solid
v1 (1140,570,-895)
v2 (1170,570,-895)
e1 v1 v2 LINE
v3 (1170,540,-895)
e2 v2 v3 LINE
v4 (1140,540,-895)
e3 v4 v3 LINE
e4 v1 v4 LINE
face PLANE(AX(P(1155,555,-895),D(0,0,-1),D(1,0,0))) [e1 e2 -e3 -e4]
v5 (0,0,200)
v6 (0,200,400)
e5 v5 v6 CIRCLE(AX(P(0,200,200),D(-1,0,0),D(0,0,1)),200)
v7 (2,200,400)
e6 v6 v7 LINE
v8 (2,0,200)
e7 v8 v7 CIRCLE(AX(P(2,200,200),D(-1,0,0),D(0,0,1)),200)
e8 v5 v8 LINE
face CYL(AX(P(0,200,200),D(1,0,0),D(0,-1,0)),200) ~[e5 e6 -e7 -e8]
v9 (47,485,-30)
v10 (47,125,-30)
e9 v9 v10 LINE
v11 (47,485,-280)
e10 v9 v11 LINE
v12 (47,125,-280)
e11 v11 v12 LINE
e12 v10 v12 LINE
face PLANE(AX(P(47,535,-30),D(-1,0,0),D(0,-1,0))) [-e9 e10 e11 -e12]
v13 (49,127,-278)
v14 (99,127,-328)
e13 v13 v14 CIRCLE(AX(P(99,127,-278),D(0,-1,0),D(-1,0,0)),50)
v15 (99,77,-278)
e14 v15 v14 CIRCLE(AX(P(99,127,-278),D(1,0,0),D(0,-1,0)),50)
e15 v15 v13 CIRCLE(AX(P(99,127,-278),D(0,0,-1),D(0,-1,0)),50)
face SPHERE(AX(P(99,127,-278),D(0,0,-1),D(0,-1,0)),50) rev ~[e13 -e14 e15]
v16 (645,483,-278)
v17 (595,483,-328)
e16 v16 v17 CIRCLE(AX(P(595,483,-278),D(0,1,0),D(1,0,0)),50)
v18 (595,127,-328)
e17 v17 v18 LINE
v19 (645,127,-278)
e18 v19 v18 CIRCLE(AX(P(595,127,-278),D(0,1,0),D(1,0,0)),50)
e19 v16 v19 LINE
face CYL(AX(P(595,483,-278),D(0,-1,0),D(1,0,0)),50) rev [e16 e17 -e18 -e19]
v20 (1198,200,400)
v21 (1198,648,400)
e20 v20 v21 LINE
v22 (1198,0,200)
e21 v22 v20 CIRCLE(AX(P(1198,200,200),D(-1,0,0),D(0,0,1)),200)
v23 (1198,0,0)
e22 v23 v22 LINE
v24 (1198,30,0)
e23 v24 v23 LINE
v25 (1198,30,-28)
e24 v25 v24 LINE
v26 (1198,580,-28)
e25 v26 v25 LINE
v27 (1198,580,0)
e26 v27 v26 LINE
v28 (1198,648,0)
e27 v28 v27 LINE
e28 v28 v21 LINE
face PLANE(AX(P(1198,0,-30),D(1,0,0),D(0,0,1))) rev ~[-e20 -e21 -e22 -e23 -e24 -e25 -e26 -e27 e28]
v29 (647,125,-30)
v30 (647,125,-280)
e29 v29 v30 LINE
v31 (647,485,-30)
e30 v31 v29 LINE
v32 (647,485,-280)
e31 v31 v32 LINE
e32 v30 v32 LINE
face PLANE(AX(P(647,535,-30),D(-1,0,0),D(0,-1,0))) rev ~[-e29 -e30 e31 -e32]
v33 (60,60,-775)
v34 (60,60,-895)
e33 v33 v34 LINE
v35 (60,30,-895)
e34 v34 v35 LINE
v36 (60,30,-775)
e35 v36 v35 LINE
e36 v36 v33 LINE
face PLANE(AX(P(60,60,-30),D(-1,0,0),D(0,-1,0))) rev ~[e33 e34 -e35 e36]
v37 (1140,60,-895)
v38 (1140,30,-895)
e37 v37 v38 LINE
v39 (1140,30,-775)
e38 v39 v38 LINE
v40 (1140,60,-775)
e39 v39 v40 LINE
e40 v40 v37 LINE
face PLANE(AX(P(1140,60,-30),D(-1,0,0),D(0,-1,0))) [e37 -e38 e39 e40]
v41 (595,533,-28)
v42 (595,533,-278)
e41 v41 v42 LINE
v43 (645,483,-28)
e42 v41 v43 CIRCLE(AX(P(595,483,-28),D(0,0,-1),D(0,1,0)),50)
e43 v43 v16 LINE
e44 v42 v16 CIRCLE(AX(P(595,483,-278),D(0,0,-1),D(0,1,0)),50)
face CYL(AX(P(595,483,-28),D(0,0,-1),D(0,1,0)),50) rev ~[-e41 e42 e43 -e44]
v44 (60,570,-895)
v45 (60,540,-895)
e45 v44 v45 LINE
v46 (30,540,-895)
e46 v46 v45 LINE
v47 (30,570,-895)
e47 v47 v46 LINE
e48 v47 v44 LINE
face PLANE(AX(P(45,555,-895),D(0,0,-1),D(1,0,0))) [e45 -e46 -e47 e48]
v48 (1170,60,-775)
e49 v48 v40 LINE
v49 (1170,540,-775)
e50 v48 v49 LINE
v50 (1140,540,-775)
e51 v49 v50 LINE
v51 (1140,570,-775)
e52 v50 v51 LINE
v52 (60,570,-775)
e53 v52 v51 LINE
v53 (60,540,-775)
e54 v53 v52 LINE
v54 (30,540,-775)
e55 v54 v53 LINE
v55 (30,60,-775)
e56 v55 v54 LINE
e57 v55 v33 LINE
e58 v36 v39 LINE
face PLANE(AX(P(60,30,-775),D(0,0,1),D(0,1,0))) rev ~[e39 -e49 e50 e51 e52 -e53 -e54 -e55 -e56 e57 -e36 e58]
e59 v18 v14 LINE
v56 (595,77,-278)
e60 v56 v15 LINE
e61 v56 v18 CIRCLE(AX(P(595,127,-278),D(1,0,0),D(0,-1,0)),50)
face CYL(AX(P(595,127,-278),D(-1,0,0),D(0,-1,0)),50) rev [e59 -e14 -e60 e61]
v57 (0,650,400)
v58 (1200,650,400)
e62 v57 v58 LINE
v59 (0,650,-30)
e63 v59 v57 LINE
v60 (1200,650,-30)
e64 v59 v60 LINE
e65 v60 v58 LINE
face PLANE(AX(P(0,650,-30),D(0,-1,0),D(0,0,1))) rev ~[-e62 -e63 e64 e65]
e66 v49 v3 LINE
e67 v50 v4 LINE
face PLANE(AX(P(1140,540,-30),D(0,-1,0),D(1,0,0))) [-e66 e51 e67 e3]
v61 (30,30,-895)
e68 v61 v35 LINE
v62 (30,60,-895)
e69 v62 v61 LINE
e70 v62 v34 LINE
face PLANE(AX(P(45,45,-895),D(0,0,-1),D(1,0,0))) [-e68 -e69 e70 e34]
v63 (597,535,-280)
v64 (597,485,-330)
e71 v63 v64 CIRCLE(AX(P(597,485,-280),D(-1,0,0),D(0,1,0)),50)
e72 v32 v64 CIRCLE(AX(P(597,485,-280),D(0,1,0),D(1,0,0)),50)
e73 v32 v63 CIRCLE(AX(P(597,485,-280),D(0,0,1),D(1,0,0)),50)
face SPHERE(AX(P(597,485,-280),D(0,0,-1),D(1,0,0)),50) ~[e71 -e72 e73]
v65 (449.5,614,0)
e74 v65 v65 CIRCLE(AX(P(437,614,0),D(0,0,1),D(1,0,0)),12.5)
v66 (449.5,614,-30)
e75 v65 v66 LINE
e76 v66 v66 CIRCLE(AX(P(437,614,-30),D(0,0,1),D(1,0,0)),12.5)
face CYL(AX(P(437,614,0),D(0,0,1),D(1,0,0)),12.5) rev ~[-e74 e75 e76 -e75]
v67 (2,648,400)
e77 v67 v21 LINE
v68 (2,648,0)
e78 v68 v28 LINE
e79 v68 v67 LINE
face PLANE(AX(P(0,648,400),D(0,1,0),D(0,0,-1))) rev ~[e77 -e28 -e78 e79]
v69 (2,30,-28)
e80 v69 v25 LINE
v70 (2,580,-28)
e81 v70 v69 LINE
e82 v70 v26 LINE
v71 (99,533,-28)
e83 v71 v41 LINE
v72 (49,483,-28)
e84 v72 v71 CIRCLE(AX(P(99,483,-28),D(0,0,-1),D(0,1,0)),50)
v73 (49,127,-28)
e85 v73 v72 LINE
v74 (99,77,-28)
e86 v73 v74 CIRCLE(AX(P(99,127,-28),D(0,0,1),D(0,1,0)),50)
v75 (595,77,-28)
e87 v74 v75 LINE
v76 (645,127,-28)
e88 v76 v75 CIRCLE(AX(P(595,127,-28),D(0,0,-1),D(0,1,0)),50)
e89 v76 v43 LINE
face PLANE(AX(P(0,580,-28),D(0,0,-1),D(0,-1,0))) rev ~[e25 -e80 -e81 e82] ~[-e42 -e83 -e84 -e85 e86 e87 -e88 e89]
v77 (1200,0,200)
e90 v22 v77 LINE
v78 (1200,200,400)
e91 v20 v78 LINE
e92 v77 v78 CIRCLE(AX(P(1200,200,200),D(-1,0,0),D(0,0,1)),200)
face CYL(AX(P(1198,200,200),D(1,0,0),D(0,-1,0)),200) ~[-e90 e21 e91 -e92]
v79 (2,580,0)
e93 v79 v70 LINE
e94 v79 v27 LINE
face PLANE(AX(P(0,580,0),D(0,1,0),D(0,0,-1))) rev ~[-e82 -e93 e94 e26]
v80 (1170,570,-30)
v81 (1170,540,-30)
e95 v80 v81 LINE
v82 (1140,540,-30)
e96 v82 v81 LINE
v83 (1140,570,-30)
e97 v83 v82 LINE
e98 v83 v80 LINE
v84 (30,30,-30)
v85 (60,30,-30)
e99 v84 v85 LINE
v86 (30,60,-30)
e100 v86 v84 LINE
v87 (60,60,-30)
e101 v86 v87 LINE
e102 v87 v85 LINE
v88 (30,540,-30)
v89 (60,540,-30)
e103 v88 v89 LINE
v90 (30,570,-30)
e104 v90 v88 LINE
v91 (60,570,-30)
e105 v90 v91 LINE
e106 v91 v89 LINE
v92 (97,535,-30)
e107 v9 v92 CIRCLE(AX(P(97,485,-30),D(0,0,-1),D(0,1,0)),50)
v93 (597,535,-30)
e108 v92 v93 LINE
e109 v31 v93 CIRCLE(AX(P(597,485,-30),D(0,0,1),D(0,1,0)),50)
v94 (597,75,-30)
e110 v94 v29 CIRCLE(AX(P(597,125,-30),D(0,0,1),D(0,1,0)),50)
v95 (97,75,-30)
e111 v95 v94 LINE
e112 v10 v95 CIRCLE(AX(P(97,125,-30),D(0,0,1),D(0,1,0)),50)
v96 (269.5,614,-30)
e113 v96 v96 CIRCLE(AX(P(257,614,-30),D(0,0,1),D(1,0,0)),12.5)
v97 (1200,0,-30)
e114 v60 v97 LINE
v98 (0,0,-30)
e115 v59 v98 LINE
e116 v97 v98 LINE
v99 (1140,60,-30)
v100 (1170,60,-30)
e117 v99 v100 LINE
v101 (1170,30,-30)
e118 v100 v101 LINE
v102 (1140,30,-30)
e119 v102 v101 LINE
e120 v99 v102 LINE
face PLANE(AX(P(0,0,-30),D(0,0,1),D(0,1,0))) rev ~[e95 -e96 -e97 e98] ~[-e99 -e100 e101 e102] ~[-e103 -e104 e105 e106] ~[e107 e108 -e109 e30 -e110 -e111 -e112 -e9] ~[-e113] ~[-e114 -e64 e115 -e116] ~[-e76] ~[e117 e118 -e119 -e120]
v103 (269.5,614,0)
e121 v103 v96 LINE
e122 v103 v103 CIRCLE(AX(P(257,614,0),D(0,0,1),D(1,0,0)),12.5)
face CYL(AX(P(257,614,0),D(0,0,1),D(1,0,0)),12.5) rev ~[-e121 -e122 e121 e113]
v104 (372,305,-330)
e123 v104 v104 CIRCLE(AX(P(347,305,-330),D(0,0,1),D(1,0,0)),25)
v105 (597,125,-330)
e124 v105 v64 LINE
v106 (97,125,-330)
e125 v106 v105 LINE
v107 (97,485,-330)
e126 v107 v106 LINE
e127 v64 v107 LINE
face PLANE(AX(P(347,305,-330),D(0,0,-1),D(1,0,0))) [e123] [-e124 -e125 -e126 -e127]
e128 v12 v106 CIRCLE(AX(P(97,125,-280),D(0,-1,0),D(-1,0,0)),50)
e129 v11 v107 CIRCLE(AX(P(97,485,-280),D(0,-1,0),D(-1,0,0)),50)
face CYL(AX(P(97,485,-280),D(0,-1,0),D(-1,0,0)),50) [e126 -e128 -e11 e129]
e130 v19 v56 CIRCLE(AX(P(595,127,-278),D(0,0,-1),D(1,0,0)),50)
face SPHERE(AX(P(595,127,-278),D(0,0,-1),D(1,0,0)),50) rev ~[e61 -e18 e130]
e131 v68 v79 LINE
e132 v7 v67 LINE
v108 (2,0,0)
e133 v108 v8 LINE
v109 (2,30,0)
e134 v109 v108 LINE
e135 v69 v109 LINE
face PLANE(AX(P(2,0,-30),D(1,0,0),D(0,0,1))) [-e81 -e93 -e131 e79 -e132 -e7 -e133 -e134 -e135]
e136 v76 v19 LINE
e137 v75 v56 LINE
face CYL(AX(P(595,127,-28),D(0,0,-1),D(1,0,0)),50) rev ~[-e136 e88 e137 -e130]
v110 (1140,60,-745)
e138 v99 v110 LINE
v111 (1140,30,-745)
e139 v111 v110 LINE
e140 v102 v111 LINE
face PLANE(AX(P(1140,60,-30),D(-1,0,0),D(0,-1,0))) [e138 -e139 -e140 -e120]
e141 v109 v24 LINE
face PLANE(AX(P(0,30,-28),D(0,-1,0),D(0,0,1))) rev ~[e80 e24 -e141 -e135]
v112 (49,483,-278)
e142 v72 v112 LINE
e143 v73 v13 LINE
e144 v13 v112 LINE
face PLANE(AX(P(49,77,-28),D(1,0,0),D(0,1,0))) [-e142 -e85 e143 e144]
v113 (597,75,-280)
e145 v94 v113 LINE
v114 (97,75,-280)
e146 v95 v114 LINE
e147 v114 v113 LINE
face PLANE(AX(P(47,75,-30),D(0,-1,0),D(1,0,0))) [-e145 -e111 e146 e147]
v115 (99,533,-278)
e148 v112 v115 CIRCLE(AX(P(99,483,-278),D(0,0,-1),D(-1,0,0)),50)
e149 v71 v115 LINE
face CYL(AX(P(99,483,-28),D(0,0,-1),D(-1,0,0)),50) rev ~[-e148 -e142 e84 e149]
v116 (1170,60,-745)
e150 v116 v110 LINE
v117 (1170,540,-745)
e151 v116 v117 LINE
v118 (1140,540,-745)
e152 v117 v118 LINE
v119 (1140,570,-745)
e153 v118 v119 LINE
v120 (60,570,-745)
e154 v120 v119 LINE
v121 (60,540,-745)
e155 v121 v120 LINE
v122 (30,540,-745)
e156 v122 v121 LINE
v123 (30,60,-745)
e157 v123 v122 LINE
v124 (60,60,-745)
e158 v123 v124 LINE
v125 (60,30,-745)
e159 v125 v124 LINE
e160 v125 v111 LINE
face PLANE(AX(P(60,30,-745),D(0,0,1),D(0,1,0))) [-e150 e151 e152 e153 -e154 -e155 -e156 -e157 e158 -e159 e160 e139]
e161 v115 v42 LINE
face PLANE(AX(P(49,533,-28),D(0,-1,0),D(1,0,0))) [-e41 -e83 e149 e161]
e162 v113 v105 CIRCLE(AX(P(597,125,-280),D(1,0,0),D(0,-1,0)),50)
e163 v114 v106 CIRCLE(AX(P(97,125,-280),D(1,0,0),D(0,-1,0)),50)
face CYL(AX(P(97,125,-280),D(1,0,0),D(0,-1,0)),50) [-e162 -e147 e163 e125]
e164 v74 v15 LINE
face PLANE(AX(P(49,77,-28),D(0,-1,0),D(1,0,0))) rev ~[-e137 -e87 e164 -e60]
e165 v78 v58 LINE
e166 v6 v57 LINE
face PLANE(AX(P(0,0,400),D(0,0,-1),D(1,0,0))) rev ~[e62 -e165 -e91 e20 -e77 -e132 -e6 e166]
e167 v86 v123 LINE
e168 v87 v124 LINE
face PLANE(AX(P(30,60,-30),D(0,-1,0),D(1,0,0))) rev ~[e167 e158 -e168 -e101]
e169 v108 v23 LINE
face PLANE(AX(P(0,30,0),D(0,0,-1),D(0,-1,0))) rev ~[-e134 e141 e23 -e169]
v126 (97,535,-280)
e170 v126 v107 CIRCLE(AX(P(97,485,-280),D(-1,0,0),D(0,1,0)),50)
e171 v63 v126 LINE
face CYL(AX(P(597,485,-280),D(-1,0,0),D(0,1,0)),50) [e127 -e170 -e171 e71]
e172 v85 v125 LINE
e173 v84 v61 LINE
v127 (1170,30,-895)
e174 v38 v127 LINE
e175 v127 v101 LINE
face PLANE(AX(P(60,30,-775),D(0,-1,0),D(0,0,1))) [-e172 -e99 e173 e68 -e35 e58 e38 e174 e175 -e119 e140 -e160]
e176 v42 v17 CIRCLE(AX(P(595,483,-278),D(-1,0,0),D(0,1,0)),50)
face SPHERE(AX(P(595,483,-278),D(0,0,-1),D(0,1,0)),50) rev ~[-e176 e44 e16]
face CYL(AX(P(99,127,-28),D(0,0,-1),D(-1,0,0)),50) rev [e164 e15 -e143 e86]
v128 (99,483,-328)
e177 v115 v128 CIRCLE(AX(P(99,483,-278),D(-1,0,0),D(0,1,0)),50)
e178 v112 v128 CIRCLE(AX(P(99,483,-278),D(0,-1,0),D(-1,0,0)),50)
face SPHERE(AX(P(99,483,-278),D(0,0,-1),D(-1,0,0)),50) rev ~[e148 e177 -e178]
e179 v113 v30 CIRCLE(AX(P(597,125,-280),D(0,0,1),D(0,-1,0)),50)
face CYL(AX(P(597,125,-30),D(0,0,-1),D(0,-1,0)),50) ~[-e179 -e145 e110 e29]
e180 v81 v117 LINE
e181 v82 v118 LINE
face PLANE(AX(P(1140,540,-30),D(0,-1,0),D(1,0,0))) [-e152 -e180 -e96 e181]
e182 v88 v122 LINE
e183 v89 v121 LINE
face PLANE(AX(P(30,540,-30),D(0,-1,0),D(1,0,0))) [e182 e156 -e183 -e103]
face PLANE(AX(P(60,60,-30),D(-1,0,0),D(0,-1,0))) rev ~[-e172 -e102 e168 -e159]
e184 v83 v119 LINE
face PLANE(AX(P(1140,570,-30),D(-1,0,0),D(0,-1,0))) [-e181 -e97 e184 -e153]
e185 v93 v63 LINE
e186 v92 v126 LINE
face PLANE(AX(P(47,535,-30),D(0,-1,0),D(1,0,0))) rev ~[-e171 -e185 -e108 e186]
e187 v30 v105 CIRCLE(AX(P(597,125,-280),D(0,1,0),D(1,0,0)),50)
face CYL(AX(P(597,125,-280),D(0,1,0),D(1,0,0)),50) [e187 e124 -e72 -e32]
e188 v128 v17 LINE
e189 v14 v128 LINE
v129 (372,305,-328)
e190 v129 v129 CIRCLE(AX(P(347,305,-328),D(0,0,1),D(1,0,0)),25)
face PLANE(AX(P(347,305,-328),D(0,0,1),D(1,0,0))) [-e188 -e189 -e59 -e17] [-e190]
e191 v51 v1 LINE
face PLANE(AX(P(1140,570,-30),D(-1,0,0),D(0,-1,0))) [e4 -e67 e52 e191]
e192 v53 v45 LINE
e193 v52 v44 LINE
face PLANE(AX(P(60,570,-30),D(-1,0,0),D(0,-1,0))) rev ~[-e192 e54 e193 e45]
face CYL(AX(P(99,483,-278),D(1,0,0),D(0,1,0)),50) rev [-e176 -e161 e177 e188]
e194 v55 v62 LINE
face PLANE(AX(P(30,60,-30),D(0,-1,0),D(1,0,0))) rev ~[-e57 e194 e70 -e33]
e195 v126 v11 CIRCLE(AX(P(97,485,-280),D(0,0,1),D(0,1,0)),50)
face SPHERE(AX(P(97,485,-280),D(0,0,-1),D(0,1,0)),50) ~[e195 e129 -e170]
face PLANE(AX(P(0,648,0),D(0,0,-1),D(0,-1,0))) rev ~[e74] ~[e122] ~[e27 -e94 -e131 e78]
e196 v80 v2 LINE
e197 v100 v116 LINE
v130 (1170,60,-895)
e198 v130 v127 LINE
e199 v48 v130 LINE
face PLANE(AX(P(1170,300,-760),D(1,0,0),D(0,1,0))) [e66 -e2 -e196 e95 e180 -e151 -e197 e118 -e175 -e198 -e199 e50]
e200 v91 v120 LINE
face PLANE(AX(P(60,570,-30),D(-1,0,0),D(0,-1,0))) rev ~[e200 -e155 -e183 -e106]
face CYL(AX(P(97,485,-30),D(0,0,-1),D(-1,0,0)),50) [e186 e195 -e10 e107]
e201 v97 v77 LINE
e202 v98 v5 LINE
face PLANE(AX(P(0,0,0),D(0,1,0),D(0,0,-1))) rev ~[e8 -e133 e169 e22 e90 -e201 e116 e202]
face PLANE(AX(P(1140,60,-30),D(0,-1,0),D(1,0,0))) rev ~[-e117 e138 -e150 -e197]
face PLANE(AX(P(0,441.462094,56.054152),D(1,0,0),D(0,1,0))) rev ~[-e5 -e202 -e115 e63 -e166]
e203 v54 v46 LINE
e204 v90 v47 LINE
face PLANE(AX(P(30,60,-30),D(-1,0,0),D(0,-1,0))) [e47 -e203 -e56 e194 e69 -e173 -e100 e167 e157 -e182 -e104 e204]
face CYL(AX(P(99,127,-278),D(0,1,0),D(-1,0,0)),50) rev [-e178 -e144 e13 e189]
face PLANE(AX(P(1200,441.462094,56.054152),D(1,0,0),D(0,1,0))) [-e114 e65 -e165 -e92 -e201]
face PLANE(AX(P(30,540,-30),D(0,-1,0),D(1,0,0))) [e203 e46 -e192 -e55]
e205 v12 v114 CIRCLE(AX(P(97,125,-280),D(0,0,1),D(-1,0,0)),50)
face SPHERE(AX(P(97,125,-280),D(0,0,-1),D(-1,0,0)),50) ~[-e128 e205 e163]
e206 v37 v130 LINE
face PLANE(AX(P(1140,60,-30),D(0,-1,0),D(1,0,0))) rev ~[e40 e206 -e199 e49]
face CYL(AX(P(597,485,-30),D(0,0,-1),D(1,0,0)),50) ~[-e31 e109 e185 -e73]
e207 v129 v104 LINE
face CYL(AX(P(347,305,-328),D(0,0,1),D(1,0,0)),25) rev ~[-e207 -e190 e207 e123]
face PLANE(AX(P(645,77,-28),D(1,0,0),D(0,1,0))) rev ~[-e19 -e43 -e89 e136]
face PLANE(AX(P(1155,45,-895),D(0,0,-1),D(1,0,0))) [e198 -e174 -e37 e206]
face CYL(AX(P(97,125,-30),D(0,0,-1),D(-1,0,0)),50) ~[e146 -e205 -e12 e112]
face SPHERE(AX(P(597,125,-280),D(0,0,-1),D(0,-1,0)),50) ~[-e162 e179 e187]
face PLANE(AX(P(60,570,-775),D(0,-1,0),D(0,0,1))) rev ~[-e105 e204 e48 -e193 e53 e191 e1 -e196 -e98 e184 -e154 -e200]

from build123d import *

# Parameters (mm, degrees)
F1_DEPTH       = 1200
F2_W           = 2
F2_H           = 430
F3_DEPTH       = 648
F4_R           = 200
F5_W           = 600
F5_H           = 460
F6_DEPTH       = 300
F7_W           = 596
F7_H           = 456
F8_DEPTH       = 300
F9_R           = 50
F10_R          = 50
F11_R          = 50
F12_R          = 12.5
F13_DEPTH      = 30
F14_W          = 30
F14_H          = 30
F15_DEPTH      = 865
F16_W          = 540
F16_H          = 30
F17_DEPTH      = 1110
F17_DEPTH_BACK = 30
F18_R          = 25
F19_DEPTH      = 2


with BuildPart() as f1:
    # F0 (on Right) → F1 (new body)
    with BuildSketch(Plane.YZ):
        Polygon((30, 0), (0, 0), (0, -30), (650, -30), (650, 400), (648, 400), (648, 0), (580, 0), (580, -28), (30, -28), align=None)
    extrude(amount=F1_DEPTH)

    # F2 (on Front) → F3 (join, through all)
    with BuildSketch(Plane.XZ):
        with Locations((1, 185)):
            Rectangle(F2_W, F2_H)
        with Locations((1199, 185)):
            Rectangle(F2_W, F2_H)
    extrude(amount=-F3_DEPTH)

    # F4
    f4_edges = [f1.edges().sort_by_distance(p)[0] for p in [
        (1, 0, 400),
        (1199, 0, 400),
    ]]
    fillet(f4_edges, radius=F4_R)

    # F5 (on face) → F6 (join)
    with BuildSketch(Plane(origin=(0, 0, -30), x_dir=(1, 0, 0), z_dir=(0, 0, -1))):
        with Locations((347, -305)):
            Rectangle(F5_W, F5_H)
    extrude(amount=F6_DEPTH)

    # F7 (on face) → F8 (cut)
    with BuildSketch(Plane.XY.offset(-28)):
        with Locations((347, 305)):
            Rectangle(F7_W, F7_H)
    extrude(amount=-F8_DEPTH, mode=Mode.SUBTRACT)

    # F9
    f9_edges = [f1.edges().sort_by_distance(p)[0] for p in [
        (645, 533, -178),
        (49, 533, -178),
        (49, 77, -178),
        (645, 77, -178),
    ]]
    fillet(f9_edges, radius=F9_R)

    # F10
    f10_edges = [f1.edges().sort_by_distance(p)[0] for p in [
        (47, 535, -180),
        (47, 75, -180),
        (647, 75, -180),
        (647, 535, -180),
    ]]
    fillet(f10_edges, radius=F10_R)

    # F11
    f11_edges = [f1.edges().sort_by_distance(p)[0] for p in [
        (347, 533, -328),
        (47, 305, -330),
    ]]
    fillet(f11_edges, radius=F11_R)

    # F12 (on face) → F13 (cut, through all)
    with BuildSketch(Plane.XY):
        with Locations((257, 614)):
            Circle(F12_R)
        with Locations((437, 614)):
            Circle(F12_R)
    extrude(amount=-F13_DEPTH, mode=Mode.SUBTRACT)

    # F14 (on face) → F15 (join)
    with BuildSketch(Plane(origin=(0, 0, -30), x_dir=(1, 0, 0), z_dir=(0, 0, -1))):
        with Locations((45, -45)):
            Rectangle(F14_W, F14_H)
        with Locations((1155, -45)):
            Rectangle(F14_W, F14_H)
        with Locations((1155, -555)):
            Rectangle(F14_W, F14_H)
        with Locations((45, -555)):
            Rectangle(F14_W, F14_H)
    extrude(amount=F15_DEPTH)

    # F16 (on face) → F17 (join, two sides)
    with BuildSketch(Plane.YZ.offset(60)) as f17_sk:
        with Locations((300, -760)):
            Rectangle(F16_W, F16_H)
    extrude(amount=F17_DEPTH)
    extrude(f17_sk.sketch, amount=-F17_DEPTH_BACK)

    # F18 (on face) → F19 (cut, through all)
    with BuildSketch(Plane.XY.offset(-328)):
        with Locations((347, 305)):
            Circle(F18_R)
    extrude(amount=-F19_DEPTH, mode=Mode.SUBTRACT)


solid = f1.part
